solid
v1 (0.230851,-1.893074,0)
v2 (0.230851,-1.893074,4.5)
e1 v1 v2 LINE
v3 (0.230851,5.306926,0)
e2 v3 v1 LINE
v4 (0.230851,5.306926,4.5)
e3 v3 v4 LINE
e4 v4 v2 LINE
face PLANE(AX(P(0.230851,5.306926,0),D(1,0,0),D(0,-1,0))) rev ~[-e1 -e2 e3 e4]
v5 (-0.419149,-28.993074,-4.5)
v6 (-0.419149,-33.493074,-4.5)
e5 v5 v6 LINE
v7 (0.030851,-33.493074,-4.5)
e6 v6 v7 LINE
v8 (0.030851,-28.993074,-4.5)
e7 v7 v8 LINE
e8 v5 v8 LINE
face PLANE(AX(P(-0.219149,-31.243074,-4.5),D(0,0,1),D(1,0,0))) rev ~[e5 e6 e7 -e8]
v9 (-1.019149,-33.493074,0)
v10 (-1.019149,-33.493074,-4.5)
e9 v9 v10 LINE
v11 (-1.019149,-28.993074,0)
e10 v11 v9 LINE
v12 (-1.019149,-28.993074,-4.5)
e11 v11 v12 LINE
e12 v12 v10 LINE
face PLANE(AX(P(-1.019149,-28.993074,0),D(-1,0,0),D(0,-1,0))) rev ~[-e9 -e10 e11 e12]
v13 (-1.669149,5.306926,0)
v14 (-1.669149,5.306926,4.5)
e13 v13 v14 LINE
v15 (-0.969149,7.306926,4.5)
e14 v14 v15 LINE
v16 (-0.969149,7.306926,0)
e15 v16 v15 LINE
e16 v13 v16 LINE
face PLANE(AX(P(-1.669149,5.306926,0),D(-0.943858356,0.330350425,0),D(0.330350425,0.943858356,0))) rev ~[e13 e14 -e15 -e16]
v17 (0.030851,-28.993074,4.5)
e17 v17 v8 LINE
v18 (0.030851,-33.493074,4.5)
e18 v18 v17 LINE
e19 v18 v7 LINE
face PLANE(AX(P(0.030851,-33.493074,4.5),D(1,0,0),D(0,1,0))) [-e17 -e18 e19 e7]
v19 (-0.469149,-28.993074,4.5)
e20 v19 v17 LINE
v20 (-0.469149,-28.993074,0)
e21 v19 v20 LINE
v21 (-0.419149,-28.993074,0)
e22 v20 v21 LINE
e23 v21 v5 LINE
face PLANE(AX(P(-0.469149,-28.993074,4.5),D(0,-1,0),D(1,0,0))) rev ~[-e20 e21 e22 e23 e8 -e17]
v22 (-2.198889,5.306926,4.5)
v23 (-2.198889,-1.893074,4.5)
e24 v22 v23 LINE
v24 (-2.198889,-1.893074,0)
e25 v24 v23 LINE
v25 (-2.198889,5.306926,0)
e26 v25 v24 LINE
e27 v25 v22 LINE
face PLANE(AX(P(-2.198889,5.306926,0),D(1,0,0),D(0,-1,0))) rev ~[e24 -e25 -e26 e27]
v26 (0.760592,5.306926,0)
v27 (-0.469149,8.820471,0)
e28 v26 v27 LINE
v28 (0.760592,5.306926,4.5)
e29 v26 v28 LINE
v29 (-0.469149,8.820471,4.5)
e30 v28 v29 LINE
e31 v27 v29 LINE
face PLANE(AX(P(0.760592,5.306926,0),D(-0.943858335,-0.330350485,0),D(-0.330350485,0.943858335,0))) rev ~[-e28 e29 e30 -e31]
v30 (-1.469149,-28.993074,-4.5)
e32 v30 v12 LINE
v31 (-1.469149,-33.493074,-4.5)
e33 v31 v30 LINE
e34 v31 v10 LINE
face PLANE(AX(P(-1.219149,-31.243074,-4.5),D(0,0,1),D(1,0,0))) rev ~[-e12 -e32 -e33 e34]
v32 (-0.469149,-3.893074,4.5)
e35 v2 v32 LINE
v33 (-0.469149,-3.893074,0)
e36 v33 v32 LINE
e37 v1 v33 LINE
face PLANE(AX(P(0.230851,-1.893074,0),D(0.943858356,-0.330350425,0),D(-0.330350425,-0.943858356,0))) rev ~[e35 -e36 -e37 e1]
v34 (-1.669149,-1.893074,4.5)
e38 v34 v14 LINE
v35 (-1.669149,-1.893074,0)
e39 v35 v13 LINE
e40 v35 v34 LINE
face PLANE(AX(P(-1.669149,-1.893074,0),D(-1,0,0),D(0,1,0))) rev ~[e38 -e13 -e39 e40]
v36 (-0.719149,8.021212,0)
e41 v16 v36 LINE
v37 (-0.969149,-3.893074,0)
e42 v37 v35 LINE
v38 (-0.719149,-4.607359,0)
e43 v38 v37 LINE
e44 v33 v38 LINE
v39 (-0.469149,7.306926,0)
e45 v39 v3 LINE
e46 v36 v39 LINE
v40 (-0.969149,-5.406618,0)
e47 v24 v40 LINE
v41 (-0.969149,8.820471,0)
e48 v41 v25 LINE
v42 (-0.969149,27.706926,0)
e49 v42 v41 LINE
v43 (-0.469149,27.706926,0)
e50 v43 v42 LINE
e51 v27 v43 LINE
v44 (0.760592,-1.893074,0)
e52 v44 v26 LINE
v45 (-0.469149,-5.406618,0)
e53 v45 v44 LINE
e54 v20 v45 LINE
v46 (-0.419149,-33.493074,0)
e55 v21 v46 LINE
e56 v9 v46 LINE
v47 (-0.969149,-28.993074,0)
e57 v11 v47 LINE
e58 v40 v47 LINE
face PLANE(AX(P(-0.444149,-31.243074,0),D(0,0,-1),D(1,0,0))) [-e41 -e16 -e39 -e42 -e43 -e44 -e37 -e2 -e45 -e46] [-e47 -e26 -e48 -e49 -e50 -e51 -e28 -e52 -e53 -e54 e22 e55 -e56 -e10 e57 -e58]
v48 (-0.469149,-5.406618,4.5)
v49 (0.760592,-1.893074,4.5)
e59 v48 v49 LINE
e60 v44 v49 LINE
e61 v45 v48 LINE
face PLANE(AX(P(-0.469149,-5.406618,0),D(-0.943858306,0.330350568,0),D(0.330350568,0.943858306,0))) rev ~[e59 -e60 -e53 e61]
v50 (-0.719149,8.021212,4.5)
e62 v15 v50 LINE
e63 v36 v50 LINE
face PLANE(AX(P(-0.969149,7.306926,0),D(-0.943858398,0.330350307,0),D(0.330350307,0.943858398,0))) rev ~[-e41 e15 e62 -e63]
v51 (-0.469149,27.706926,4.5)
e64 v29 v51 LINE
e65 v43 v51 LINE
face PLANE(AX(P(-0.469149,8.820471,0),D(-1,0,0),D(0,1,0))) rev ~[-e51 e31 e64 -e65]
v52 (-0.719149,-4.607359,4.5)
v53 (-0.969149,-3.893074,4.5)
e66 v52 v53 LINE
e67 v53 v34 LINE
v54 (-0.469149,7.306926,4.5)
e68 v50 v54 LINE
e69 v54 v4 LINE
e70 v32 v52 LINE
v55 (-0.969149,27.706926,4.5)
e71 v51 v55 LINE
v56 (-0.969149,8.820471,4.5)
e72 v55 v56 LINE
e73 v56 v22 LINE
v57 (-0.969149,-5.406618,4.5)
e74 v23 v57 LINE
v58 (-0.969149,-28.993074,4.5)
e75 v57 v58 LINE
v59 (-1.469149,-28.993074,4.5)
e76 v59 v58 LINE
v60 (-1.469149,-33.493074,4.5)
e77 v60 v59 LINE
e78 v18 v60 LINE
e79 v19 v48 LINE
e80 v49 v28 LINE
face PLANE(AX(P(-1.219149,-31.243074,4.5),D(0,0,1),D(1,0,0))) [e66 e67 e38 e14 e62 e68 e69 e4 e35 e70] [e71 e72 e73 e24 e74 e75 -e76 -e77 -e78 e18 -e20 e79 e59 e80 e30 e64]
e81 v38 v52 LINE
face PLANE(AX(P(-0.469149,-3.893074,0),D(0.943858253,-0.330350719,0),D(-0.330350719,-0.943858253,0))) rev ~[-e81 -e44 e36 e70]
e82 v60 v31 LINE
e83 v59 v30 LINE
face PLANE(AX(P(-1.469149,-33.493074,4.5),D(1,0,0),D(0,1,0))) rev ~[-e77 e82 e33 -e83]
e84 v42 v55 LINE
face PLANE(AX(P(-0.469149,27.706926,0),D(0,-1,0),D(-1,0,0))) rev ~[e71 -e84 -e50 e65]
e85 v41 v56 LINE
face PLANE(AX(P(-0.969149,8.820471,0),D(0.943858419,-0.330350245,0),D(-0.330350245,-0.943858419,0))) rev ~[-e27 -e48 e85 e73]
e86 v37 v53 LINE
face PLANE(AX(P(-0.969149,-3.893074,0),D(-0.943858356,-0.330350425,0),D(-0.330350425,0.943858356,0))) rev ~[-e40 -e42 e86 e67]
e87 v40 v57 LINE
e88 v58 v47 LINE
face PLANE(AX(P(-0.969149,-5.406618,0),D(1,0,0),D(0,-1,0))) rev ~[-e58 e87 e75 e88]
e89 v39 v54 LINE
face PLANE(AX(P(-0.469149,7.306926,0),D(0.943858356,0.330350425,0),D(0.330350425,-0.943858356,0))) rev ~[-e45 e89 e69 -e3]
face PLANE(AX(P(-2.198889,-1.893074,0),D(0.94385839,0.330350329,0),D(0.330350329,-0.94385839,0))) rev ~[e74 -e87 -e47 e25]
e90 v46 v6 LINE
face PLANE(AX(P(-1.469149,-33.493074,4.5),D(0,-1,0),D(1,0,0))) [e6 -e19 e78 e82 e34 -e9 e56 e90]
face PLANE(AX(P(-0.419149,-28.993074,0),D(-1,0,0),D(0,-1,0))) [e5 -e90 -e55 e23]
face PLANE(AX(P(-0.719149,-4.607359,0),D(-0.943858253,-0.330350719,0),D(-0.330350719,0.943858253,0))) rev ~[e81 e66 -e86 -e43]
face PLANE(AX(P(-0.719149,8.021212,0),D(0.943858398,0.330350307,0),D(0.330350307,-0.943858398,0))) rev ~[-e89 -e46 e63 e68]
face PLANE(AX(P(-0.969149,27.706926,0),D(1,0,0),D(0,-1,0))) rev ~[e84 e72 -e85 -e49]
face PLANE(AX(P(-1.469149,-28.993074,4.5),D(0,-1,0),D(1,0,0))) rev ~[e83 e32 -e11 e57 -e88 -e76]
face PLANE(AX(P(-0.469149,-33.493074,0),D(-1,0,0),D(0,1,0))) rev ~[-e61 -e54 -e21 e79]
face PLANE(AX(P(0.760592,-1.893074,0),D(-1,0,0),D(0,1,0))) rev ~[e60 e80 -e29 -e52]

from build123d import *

# Parameters (mm, degrees)
F1_DEPTH = 4.5
F2_W     = 0.5
F2_H     = 4.5
F3_DEPTH = 9
F4_W     = 0.05
F4_H     = 4.5
F5_DEPTH = 25


with BuildPart() as f1:
    # F0 (on Top) → F1 (new body)
    with BuildSketch(Plane.XY):
        Polygon((-0.469149, 27.706926), (-0.969149, 27.706926), (-0.969149, 8.820471), (-2.198889, 5.306926), (-2.198889, -1.893074), (-0.969149, -5.406618), (-0.969149, -33.493074), (-0.469149, -33.493074), (-0.469149, -5.406618), (0.760592, -1.893074), (0.760592, 5.306926), (-0.469149, 8.820471), align=None)
        Polygon((-1.669149, -1.893074), (-1.669149, 5.306926), (-0.969149, 7.306926), (-0.719149, 8.021212), (-0.469149, 7.306926), (0.230851, 5.306926), (0.230851, -1.893074), (-0.469149, -3.893074), (-0.719149, -4.607359), (-0.969149, -3.893074), align=None, mode=Mode.SUBTRACT)
    extrude(amount=F1_DEPTH)

    # F2 (on face) → F3 (join)
    with BuildSketch(Plane.XY.offset(4.5)):
        with Locations((-1.219149, -31.243074)):
            Rectangle(F2_W, F2_H)
        with Locations((-0.219149, -31.243074)):
            Rectangle(F2_W, F2_H)
    extrude(amount=-F3_DEPTH)

    # F4 (on face) → F5 (cut)
    with BuildSketch(Plane(origin=(0, 0, 0), x_dir=(1, 0, 0), z_dir=(0, 0, -1))):
        with Locations((-0.994149, 31.243074)):
            Rectangle(F4_W, F4_H)
        with Locations((-0.444149, 31.243074)):
            Rectangle(F4_W, F4_H)
    extrude(amount=F5_DEPTH, mode=Mode.SUBTRACT)


solid = f1.part
